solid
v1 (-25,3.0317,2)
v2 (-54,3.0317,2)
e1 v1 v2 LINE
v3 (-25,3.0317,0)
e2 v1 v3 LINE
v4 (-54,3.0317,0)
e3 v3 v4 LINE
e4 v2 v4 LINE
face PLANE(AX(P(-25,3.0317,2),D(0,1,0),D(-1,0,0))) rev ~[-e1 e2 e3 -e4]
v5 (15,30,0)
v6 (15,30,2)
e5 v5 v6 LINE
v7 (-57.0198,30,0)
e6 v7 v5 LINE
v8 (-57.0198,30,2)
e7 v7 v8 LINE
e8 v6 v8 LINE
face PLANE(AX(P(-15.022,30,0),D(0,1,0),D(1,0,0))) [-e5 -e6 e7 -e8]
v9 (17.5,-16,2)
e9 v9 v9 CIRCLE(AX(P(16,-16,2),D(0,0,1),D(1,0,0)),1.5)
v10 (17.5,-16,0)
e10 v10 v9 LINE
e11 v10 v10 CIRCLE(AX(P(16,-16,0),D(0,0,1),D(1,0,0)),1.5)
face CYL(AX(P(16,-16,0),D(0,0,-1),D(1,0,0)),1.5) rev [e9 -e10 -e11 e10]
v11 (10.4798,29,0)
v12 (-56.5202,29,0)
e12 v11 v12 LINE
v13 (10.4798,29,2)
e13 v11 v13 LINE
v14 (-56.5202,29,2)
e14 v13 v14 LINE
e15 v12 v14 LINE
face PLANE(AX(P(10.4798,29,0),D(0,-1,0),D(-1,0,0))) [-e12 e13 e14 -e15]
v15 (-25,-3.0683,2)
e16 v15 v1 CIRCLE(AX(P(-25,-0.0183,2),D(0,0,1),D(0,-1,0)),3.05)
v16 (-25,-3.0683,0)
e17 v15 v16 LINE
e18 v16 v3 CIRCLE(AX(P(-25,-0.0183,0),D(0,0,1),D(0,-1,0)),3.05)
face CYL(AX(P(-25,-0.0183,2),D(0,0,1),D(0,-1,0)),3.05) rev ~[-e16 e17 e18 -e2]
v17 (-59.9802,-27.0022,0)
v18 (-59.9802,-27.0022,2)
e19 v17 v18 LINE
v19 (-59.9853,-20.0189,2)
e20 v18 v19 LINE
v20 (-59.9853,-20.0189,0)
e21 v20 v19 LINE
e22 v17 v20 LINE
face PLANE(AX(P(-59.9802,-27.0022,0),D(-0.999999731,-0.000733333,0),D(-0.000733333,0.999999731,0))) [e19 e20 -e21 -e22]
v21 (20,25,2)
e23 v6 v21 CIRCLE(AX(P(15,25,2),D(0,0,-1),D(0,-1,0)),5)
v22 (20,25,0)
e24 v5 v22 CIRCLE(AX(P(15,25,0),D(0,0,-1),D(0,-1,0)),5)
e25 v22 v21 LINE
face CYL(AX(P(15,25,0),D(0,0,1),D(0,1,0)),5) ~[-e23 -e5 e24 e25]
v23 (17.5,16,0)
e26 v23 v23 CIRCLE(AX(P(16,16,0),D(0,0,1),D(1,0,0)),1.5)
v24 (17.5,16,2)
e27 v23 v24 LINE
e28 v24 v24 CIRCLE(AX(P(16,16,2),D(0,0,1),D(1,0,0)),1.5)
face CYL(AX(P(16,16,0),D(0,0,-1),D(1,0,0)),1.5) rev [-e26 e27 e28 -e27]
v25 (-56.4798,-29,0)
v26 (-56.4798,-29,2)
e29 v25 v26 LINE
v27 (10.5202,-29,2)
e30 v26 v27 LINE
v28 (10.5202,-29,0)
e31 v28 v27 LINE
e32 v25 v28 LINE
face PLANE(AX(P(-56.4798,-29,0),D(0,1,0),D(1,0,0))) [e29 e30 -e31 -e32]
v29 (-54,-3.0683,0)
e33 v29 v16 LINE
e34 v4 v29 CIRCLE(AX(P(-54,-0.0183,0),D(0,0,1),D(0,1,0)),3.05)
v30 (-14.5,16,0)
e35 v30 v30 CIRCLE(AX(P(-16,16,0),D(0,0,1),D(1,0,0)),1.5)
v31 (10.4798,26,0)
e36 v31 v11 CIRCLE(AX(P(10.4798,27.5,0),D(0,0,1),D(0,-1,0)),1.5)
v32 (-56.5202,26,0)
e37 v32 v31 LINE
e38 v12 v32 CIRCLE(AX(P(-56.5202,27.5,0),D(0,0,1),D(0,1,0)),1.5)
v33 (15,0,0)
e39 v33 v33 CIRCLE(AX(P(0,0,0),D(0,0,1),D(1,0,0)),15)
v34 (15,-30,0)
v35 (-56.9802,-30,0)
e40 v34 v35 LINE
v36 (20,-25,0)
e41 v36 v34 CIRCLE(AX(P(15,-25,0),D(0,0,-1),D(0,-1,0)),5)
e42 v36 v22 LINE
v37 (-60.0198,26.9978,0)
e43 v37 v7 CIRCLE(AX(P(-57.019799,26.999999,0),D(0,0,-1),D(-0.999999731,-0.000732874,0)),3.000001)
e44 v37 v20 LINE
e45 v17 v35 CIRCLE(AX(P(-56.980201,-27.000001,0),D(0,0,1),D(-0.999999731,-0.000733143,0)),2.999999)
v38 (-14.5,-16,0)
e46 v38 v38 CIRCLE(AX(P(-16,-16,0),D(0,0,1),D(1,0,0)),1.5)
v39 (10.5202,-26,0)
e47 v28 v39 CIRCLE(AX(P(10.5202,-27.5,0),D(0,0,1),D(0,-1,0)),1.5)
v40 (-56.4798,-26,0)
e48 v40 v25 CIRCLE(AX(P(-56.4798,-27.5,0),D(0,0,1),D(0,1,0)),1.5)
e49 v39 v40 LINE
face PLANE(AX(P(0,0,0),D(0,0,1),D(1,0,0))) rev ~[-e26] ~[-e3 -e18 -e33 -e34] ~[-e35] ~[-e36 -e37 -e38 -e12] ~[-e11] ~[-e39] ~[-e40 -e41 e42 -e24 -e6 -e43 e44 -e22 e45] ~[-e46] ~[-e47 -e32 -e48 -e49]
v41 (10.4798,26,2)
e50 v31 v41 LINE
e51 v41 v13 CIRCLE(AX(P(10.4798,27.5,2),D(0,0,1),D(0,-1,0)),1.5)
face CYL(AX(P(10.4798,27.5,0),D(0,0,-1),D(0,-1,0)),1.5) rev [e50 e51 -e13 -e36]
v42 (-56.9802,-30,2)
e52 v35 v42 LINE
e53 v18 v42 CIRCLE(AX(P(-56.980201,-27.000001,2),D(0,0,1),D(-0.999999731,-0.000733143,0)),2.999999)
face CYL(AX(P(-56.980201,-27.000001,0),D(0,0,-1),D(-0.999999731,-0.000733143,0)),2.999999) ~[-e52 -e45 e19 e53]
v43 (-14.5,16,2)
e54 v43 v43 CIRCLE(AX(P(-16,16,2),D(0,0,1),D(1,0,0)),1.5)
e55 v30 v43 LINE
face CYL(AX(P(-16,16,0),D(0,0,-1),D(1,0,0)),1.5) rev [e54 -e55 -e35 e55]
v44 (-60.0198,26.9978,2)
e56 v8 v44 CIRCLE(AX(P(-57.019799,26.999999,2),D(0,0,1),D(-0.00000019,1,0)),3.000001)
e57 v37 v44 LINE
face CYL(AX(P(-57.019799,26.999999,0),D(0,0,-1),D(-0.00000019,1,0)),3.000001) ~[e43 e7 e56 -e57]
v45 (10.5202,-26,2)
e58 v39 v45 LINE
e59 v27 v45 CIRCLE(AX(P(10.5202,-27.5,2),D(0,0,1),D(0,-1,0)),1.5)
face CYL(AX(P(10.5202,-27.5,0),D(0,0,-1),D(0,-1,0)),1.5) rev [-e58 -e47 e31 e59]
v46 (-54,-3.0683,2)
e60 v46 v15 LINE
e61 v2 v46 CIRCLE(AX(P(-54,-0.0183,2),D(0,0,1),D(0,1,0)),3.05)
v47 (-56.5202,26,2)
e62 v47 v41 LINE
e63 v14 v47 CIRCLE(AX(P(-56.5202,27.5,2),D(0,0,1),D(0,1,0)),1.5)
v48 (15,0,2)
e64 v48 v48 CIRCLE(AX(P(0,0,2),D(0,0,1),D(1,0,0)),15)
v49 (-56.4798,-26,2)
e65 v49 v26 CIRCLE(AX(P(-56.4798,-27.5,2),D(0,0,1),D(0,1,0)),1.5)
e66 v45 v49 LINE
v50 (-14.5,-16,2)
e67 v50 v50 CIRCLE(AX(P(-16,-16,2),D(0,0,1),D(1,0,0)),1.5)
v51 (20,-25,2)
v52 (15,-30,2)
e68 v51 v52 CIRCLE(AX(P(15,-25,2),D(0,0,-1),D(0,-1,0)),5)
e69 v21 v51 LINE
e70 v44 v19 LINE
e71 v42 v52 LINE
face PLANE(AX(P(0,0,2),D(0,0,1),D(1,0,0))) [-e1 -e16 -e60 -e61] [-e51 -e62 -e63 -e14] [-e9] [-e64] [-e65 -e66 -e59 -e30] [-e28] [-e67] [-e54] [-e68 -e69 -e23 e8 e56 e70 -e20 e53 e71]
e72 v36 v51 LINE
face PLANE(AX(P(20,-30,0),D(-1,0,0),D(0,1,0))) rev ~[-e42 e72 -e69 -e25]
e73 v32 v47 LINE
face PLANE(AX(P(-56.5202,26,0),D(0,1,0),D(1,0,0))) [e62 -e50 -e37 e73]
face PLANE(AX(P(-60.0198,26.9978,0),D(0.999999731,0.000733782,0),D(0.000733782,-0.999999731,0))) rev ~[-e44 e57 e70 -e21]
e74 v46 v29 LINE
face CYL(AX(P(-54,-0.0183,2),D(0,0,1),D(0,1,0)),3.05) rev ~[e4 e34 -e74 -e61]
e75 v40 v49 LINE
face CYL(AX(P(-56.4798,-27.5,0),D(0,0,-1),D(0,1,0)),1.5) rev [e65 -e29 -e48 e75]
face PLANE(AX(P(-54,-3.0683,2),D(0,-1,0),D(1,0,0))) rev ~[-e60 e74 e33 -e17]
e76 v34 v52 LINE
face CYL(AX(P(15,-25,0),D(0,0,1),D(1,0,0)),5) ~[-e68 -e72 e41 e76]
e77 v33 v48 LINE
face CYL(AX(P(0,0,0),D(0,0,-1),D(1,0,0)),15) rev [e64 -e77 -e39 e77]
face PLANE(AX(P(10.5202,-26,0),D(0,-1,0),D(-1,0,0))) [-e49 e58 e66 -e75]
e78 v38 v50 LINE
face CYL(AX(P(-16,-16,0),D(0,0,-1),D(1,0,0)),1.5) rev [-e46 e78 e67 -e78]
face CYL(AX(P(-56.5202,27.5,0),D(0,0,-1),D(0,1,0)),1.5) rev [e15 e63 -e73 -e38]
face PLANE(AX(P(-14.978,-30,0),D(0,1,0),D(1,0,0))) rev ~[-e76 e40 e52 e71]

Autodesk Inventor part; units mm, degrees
ref_plane "YZ Plane" through (0, 0, 0) normal (1, 0, 0) x (0, 1, 0)
ref_plane "XZ Plane" through (0, 0, 0) normal (0, 1, 0) x (-1, 0, 0)
ref_plane "XY Plane" through (0, 0, 0) normal (0, 0, 1) x (1, 0, 0)
sketch "Sketch1" plane through (0, 0, 0) normal (0, 0, 1) x (1, 0, 0)
  circle A0 centre (0, 0) radius 15 projected
  circle A1 centre (16, 16) radius 1.5 projected
  circle A2 centre (-16, 16) radius 1.5 projected
  circle A3 centre (-16, -16) radius 1.5 projected
  circle A4 centre (16, -16) radius 1.5 projected
  line L0 (20, -18) -> (20, 18) projected
  line L1 (18, 20) -> (-18, 20) projected
  line L2 (-60.0198, 26.9978) -> (-59.9853, -20.0189)
  line L3 (-18, -20) -> (18, -20) projected
  line L4 (-57.0198, 30) -> (-15.022, 30)
  line L5 (-14.978, -30) -> (-56.9802, -30)
  line L6 (-59.9802, -27.0022) -> (-60.0198, 26.9978)
  line L7 (-57.9798, -27.5) -> (12.0202, -27.5) construction
  line L8 (-56.4798, -29) -> (10.5202, -29)
  line L9 (10.5202, -26) -> (-56.4798, -26)
  arc A5 (-56.4798, -26) -> (-56.4798, -29) centre (-56.4798, -27.5) ccw
  arc A6 (10.5202, -29) -> (10.5202, -26) centre (10.5202, -27.5) ccw
  arc A7 (-59.9802, -27.0022) -> (-56.9802, -30) centre (-56.9802, -27) ccw
  arc A8 (-57.0198, 30) -> (-60.0198, 26.9978) centre (-57.0198, 27) ccw
  line L10 (-58.0202, 27.5) -> (11.9798, 27.5) construction
  line L11 (-56.5202, 26) -> (10.4798, 26)
  line L12 (10.4798, 29) -> (-56.5202, 29)
  arc A9 (-56.5202, 29) -> (-56.5202, 26) centre (-56.5202, 27.5) ccw
  arc A10 (10.4798, 26) -> (10.4798, 29) centre (10.4798, 27.5) ccw
  line L13 (20, -18) -> (20, 18)
  line L14 (-14.978, -30) -> (20, -30)
  line L15 (20, -30) -> (20, -18)
  line L16 (20, -30) -> (-56.9802, -30)
  line L17 (-60.0198, -29) -> (-60.0198, 27)
  line L18 (-57.0198, 30) -> (20, 30)
  line L19 (20, 30) -> (20, -30)
  point P0 (0, 0)
  point P1 (-60.0198, 26.9811)
  point P2 (-59.978, -30)
  point P3 (-22.9798, -27.5)
  point P4 (-23.0202, 27.5)
  dimension "d11" = 70
  dimension "d12" = 3
  dimension "d13" = 2.5
  dimension "d15" = 3.5
  dimension "d16" = 3
  dimension "d17" = 3
  dimension "d18" = 3
  dimension "d19" = 70
  dimension "d21" = 3.5
  dimension "d26" = 30
  dimension "d27" = 60
  dimension "d28" = 2.5
  dimension "d29" = 45
  dimension "d30" = 45
  dimension "d31" = 60
  dimension "d32" = 79.9853
  dimension "d33" = 80.0198
extrude "Extrusion1" add sketch "Sketch1" along normal blind 2
fillet "Fillet1" radius 5 2 edges at (20, -30, 1) (20, 30, 1)
sketch "Sketch4" plane through (0, 0, 2) normal (0, 0, 1) x (1, 0, 0)
  line L0 (-21.95, -0.0183) -> (-57.05, -0.0183) construction
  line L1 (-25, 3.0317) -> (-54, 3.0317)
  line L2 (-54, -3.0683) -> (-25, -3.0683)
  arc A0 (-25, -3.0683) -> (-25, 3.0317) centre (-25, -0.0183) ccw
  arc A1 (-54, 3.0317) -> (-54, -3.0683) centre (-54, -0.0183) ccw
  circle A2 centre (0, 0) radius 15 projected
  line L3 (-60.0198, 26.9978) -> (-59.9802, -27.0022) projected
  point P0 (0, 0)
  point P1 (-39.5, -0.0183)
  dimension "d34" = 6.1
  dimension "d35" = 25
  dimension "d36" = 6
extrude "Extrusion2" cut sketch "Sketch4" against normal through all contours A0 L2 A1 L1
equation "\"d18\" = d12"
equation "\"d19\" = d11"
equation "\"d21\" = d15"
equation "\"d26\" = 0.5 * d27"
equation "\"d30\" = d29"
properties part number "X-motor-holder-offset"
